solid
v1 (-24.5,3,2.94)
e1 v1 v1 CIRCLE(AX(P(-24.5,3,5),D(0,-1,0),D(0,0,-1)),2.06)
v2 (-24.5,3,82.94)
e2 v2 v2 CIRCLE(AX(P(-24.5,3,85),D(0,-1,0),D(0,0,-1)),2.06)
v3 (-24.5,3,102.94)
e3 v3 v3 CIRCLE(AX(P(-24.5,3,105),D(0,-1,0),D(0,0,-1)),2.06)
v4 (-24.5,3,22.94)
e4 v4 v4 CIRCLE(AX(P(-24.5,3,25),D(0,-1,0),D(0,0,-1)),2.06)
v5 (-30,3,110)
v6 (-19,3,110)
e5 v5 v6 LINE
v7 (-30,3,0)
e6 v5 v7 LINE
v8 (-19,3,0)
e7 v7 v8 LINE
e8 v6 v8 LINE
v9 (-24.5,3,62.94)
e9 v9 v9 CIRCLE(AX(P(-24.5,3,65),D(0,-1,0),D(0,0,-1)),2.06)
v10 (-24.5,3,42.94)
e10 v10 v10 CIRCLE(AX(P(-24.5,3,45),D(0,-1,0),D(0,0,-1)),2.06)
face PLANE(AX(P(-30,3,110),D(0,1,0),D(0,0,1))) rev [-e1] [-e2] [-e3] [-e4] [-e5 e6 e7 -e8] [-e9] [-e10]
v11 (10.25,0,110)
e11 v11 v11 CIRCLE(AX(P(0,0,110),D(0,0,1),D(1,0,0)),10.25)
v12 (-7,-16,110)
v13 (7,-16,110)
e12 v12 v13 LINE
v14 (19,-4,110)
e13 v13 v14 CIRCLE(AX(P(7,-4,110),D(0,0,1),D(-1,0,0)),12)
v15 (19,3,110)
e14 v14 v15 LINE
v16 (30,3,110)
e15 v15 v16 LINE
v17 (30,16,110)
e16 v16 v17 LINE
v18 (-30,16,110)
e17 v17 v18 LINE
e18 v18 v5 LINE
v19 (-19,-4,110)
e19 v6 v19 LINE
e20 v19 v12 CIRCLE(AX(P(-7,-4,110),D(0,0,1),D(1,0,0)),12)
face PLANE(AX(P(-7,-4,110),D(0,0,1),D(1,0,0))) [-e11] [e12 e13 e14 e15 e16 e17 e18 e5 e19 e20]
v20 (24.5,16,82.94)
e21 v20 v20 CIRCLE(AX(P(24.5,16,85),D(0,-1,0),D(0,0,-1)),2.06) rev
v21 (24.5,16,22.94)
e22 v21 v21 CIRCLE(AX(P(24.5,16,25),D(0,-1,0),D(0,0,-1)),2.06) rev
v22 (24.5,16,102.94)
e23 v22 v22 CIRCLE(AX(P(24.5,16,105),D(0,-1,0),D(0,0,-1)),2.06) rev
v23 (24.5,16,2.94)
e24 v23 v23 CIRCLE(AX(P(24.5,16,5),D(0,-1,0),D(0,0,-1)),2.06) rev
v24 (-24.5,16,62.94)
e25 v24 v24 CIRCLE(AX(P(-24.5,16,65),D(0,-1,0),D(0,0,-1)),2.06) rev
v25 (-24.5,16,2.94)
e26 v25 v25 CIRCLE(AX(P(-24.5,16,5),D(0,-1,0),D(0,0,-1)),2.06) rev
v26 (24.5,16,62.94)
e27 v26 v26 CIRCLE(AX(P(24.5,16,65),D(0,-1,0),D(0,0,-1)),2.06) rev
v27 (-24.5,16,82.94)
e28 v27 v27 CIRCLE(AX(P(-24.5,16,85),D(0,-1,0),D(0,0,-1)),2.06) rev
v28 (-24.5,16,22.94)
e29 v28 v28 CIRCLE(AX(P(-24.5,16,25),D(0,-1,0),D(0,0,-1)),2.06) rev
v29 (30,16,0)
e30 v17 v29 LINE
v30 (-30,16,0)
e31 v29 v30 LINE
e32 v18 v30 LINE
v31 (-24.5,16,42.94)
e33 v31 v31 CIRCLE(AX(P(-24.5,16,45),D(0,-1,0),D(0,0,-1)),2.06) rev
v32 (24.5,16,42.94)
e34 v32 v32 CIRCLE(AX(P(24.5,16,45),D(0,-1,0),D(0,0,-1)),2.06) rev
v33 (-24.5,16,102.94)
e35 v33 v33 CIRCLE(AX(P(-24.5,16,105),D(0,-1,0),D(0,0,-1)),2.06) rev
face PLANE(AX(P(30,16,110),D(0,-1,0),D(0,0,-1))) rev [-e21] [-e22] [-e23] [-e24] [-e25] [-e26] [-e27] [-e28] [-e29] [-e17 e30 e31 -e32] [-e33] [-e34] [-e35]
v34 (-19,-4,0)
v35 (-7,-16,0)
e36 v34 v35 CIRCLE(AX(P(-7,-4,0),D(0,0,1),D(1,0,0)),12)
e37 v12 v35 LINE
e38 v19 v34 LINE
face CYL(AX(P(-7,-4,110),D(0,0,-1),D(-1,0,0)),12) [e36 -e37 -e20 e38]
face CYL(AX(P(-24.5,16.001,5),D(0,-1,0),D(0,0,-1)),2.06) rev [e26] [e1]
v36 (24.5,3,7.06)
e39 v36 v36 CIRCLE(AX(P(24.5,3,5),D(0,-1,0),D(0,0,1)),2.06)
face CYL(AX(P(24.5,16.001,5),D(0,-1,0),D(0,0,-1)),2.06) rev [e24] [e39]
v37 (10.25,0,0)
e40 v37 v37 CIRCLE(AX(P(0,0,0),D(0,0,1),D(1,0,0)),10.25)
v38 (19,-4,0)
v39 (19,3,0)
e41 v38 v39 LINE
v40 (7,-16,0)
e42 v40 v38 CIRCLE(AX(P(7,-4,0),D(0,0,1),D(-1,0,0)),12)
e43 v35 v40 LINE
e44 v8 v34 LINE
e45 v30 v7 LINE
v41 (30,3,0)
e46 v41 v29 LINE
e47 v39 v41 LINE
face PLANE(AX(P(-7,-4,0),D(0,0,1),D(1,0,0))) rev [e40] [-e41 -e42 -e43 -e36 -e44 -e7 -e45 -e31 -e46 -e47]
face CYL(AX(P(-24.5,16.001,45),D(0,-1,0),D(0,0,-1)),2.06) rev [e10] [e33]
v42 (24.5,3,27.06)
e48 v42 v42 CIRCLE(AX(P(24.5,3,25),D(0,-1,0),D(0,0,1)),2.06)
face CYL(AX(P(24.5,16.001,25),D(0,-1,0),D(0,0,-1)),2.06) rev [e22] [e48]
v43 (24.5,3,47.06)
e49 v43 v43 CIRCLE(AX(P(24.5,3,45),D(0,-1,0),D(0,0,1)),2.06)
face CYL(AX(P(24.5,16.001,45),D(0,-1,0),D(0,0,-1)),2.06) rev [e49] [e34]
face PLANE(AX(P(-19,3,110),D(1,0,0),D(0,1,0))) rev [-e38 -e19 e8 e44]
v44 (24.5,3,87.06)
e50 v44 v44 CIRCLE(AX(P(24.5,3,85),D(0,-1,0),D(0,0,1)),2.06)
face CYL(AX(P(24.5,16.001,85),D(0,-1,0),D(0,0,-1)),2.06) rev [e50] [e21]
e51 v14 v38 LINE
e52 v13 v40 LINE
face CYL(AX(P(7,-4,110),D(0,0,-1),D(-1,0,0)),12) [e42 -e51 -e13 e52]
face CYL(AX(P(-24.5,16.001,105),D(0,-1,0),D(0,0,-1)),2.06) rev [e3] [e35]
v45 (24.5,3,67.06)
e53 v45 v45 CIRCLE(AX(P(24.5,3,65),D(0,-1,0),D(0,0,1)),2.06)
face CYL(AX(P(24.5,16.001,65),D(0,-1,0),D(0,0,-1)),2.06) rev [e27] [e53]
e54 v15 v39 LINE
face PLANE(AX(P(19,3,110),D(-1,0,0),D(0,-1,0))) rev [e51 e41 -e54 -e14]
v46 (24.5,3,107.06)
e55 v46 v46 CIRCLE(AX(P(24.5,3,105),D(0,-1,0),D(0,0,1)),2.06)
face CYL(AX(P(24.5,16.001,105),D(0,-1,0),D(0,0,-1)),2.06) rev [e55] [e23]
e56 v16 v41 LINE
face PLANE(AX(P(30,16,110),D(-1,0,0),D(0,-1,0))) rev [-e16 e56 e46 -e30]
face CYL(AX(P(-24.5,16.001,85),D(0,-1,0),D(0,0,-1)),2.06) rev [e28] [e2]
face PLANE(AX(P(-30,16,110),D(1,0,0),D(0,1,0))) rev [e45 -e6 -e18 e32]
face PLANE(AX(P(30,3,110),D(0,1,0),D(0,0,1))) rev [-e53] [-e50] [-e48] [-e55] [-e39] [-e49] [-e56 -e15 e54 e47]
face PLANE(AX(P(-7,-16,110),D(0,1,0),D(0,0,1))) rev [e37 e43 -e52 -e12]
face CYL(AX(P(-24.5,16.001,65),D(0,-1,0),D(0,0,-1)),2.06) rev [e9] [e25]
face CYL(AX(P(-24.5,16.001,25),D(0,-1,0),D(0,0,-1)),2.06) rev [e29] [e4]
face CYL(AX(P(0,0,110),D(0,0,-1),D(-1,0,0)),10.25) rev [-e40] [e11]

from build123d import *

# Parameters (mm, degrees)
CROQUIS1_R              = 10.25
SALIENTE_EXTRUIR1_DEPTH = 110
CORTAR_EXTRUIR1_REACH   = 117.59
CROQUIS2_R              = 2.06


with BuildPart() as part:
    # Croquis1 → Saliente-Extruir1 (new body)
    with BuildSketch(Plane.XY):
        with BuildLine():
            Line((30, 16), (-30, 16))
            Line((-30, 16), (-30, 3))
            Line((-30, 3), (-19, 3))
            Line((-19, 3), (-19, -4))
            ThreePointArc((-19, -4), (-15.485281374, -12.485281374), (-7, -16))
            Line((-7, -16), (7, -16))
            ThreePointArc((7, -16), (15.485281374, -12.485281374), (19, -4))
            Line((19, -4), (19, 3))
            Line((19, 3), (30, 3))
            Line((30, 3), (30, 16))
        make_face()
        Circle(CROQUIS1_R, mode=Mode.SUBTRACT)
    extrude(amount=SALIENTE_EXTRUIR1_DEPTH)

    # Croquis2 → Cortar-Extruir1 (cut, up to next)
    with BuildSketch(Plane.XZ.offset(-3), mode=Mode.PRIVATE) as cortar_extruir1_sk1:
        with Locations(Location((-24.5, 105, 0), (0, 0, 270))):
            Circle(CROQUIS2_R)
    cortar_extruir1_tool1 = extrude(cortar_extruir1_sk1.sketch, amount=-CORTAR_EXTRUIR1_REACH, mode=Mode.PRIVATE) & part.part
    # Croquis2 → Cortar-Extruir1 (cut, up to next)
    with BuildSketch(Plane.XZ.offset(-3), mode=Mode.PRIVATE) as cortar_extruir1_sk2:
        with Locations(Location((-24.5, 85, 0), (0, 0, 270))):
            Circle(CROQUIS2_R)
    cortar_extruir1_tool2 = extrude(cortar_extruir1_sk2.sketch, amount=-CORTAR_EXTRUIR1_REACH, mode=Mode.PRIVATE) & part.part
    # Croquis2 → Cortar-Extruir1 (cut, up to next)
    with BuildSketch(Plane.XZ.offset(-3), mode=Mode.PRIVATE) as cortar_extruir1_sk3:
        with Locations(Location((-24.5, 65, 0), (0, 0, 270))):
            Circle(CROQUIS2_R)
    cortar_extruir1_tool3 = extrude(cortar_extruir1_sk3.sketch, amount=-CORTAR_EXTRUIR1_REACH, mode=Mode.PRIVATE) & part.part
    # Croquis2 → Cortar-Extruir1 (cut, up to next)
    with BuildSketch(Plane.XZ.offset(-3), mode=Mode.PRIVATE) as cortar_extruir1_sk4:
        with Locations(Location((-24.5, 45, 0), (0, 0, 270))):
            Circle(CROQUIS2_R)
    cortar_extruir1_tool4 = extrude(cortar_extruir1_sk4.sketch, amount=-CORTAR_EXTRUIR1_REACH, mode=Mode.PRIVATE) & part.part
    # Croquis2 → Cortar-Extruir1 (cut, up to next)
    with BuildSketch(Plane.XZ.offset(-3), mode=Mode.PRIVATE) as cortar_extruir1_sk5:
        with Locations(Location((-24.5, 25, 0), (0, 0, 270))):
            Circle(CROQUIS2_R)
    cortar_extruir1_tool5 = extrude(cortar_extruir1_sk5.sketch, amount=-CORTAR_EXTRUIR1_REACH, mode=Mode.PRIVATE) & part.part
    # Croquis2 → Cortar-Extruir1 (cut, up to next)
    with BuildSketch(Plane.XZ.offset(-3), mode=Mode.PRIVATE) as cortar_extruir1_sk6:
        with Locations(Location((-24.5, 5, 0), (0, 0, 270))):
            Circle(CROQUIS2_R)
    cortar_extruir1_tool6 = extrude(cortar_extruir1_sk6.sketch, amount=-CORTAR_EXTRUIR1_REACH, mode=Mode.PRIVATE) & part.part
    # Croquis2 → Cortar-Extruir1 (cut, up to next)
    with BuildSketch(Plane.XZ.offset(-3), mode=Mode.PRIVATE) as cortar_extruir1_sk7:
        with Locations(Location((24.5, 5, 0), (0, 0, 270))):
            Circle(CROQUIS2_R)
    cortar_extruir1_tool7 = extrude(cortar_extruir1_sk7.sketch, amount=-CORTAR_EXTRUIR1_REACH, mode=Mode.PRIVATE) & part.part
    # Croquis2 → Cortar-Extruir1 (cut, up to next)
    with BuildSketch(Plane.XZ.offset(-3), mode=Mode.PRIVATE) as cortar_extruir1_sk8:
        with Locations(Location((24.5, 25, 0), (0, 0, 270))):
            Circle(CROQUIS2_R)
    cortar_extruir1_tool8 = extrude(cortar_extruir1_sk8.sketch, amount=-CORTAR_EXTRUIR1_REACH, mode=Mode.PRIVATE) & part.part
    # Croquis2 → Cortar-Extruir1 (cut, up to next)
    with BuildSketch(Plane.XZ.offset(-3), mode=Mode.PRIVATE) as cortar_extruir1_sk9:
        with Locations(Location((24.5, 45, 0), (0, 0, 270))):
            Circle(CROQUIS2_R)
    cortar_extruir1_tool9 = extrude(cortar_extruir1_sk9.sketch, amount=-CORTAR_EXTRUIR1_REACH, mode=Mode.PRIVATE) & part.part
    # Croquis2 → Cortar-Extruir1 (cut, up to next)
    with BuildSketch(Plane.XZ.offset(-3), mode=Mode.PRIVATE) as cortar_extruir1_sk10:
        with Locations(Location((24.5, 65, 0), (0, 0, 270))):
            Circle(CROQUIS2_R)
    cortar_extruir1_tool10 = extrude(cortar_extruir1_sk10.sketch, amount=-CORTAR_EXTRUIR1_REACH, mode=Mode.PRIVATE) & part.part
    # Croquis2 → Cortar-Extruir1 (cut, up to next)
    with BuildSketch(Plane.XZ.offset(-3), mode=Mode.PRIVATE) as cortar_extruir1_sk11:
        with Locations(Location((24.5, 85, 0), (0, 0, 270))):
            Circle(CROQUIS2_R)
    cortar_extruir1_tool11 = extrude(cortar_extruir1_sk11.sketch, amount=-CORTAR_EXTRUIR1_REACH, mode=Mode.PRIVATE) & part.part
    # Croquis2 → Cortar-Extruir1 (cut, up to next)
    with BuildSketch(Plane.XZ.offset(-3), mode=Mode.PRIVATE) as cortar_extruir1_sk12:
        with Locations(Location((24.5, 105, 0), (0, 0, 270))):
            Circle(CROQUIS2_R)
    cortar_extruir1_tool12 = extrude(cortar_extruir1_sk12.sketch, amount=-CORTAR_EXTRUIR1_REACH, mode=Mode.PRIVATE) & part.part
    add(cortar_extruir1_tool1.solids().sort_by_distance((-24.5, 3, 105))[0], mode=Mode.SUBTRACT)
    add(cortar_extruir1_tool2.solids().sort_by_distance((-24.5, 3, 85))[0], mode=Mode.SUBTRACT)
    add(cortar_extruir1_tool3.solids().sort_by_distance((-24.5, 3, 65))[0], mode=Mode.SUBTRACT)
    add(cortar_extruir1_tool4.solids().sort_by_distance((-24.5, 3, 45))[0], mode=Mode.SUBTRACT)
    add(cortar_extruir1_tool5.solids().sort_by_distance((-24.5, 3, 25))[0], mode=Mode.SUBTRACT)
    add(cortar_extruir1_tool6.solids().sort_by_distance((-24.5, 3, 5))[0], mode=Mode.SUBTRACT)
    add(cortar_extruir1_tool7.solids().sort_by_distance((24.5, 3, 5))[0], mode=Mode.SUBTRACT)
    add(cortar_extruir1_tool8.solids().sort_by_distance((24.5, 3, 25))[0], mode=Mode.SUBTRACT)
    add(cortar_extruir1_tool9.solids().sort_by_distance((24.5, 3, 45))[0], mode=Mode.SUBTRACT)
    add(cortar_extruir1_tool10.solids().sort_by_distance((24.5, 3, 65))[0], mode=Mode.SUBTRACT)
    add(cortar_extruir1_tool11.solids().sort_by_distance((24.5, 3, 85))[0], mode=Mode.SUBTRACT)
    add(cortar_extruir1_tool12.solids().sort_by_distance((24.5, 3, 105))[0], mode=Mode.SUBTRACT)


solid = part.part
